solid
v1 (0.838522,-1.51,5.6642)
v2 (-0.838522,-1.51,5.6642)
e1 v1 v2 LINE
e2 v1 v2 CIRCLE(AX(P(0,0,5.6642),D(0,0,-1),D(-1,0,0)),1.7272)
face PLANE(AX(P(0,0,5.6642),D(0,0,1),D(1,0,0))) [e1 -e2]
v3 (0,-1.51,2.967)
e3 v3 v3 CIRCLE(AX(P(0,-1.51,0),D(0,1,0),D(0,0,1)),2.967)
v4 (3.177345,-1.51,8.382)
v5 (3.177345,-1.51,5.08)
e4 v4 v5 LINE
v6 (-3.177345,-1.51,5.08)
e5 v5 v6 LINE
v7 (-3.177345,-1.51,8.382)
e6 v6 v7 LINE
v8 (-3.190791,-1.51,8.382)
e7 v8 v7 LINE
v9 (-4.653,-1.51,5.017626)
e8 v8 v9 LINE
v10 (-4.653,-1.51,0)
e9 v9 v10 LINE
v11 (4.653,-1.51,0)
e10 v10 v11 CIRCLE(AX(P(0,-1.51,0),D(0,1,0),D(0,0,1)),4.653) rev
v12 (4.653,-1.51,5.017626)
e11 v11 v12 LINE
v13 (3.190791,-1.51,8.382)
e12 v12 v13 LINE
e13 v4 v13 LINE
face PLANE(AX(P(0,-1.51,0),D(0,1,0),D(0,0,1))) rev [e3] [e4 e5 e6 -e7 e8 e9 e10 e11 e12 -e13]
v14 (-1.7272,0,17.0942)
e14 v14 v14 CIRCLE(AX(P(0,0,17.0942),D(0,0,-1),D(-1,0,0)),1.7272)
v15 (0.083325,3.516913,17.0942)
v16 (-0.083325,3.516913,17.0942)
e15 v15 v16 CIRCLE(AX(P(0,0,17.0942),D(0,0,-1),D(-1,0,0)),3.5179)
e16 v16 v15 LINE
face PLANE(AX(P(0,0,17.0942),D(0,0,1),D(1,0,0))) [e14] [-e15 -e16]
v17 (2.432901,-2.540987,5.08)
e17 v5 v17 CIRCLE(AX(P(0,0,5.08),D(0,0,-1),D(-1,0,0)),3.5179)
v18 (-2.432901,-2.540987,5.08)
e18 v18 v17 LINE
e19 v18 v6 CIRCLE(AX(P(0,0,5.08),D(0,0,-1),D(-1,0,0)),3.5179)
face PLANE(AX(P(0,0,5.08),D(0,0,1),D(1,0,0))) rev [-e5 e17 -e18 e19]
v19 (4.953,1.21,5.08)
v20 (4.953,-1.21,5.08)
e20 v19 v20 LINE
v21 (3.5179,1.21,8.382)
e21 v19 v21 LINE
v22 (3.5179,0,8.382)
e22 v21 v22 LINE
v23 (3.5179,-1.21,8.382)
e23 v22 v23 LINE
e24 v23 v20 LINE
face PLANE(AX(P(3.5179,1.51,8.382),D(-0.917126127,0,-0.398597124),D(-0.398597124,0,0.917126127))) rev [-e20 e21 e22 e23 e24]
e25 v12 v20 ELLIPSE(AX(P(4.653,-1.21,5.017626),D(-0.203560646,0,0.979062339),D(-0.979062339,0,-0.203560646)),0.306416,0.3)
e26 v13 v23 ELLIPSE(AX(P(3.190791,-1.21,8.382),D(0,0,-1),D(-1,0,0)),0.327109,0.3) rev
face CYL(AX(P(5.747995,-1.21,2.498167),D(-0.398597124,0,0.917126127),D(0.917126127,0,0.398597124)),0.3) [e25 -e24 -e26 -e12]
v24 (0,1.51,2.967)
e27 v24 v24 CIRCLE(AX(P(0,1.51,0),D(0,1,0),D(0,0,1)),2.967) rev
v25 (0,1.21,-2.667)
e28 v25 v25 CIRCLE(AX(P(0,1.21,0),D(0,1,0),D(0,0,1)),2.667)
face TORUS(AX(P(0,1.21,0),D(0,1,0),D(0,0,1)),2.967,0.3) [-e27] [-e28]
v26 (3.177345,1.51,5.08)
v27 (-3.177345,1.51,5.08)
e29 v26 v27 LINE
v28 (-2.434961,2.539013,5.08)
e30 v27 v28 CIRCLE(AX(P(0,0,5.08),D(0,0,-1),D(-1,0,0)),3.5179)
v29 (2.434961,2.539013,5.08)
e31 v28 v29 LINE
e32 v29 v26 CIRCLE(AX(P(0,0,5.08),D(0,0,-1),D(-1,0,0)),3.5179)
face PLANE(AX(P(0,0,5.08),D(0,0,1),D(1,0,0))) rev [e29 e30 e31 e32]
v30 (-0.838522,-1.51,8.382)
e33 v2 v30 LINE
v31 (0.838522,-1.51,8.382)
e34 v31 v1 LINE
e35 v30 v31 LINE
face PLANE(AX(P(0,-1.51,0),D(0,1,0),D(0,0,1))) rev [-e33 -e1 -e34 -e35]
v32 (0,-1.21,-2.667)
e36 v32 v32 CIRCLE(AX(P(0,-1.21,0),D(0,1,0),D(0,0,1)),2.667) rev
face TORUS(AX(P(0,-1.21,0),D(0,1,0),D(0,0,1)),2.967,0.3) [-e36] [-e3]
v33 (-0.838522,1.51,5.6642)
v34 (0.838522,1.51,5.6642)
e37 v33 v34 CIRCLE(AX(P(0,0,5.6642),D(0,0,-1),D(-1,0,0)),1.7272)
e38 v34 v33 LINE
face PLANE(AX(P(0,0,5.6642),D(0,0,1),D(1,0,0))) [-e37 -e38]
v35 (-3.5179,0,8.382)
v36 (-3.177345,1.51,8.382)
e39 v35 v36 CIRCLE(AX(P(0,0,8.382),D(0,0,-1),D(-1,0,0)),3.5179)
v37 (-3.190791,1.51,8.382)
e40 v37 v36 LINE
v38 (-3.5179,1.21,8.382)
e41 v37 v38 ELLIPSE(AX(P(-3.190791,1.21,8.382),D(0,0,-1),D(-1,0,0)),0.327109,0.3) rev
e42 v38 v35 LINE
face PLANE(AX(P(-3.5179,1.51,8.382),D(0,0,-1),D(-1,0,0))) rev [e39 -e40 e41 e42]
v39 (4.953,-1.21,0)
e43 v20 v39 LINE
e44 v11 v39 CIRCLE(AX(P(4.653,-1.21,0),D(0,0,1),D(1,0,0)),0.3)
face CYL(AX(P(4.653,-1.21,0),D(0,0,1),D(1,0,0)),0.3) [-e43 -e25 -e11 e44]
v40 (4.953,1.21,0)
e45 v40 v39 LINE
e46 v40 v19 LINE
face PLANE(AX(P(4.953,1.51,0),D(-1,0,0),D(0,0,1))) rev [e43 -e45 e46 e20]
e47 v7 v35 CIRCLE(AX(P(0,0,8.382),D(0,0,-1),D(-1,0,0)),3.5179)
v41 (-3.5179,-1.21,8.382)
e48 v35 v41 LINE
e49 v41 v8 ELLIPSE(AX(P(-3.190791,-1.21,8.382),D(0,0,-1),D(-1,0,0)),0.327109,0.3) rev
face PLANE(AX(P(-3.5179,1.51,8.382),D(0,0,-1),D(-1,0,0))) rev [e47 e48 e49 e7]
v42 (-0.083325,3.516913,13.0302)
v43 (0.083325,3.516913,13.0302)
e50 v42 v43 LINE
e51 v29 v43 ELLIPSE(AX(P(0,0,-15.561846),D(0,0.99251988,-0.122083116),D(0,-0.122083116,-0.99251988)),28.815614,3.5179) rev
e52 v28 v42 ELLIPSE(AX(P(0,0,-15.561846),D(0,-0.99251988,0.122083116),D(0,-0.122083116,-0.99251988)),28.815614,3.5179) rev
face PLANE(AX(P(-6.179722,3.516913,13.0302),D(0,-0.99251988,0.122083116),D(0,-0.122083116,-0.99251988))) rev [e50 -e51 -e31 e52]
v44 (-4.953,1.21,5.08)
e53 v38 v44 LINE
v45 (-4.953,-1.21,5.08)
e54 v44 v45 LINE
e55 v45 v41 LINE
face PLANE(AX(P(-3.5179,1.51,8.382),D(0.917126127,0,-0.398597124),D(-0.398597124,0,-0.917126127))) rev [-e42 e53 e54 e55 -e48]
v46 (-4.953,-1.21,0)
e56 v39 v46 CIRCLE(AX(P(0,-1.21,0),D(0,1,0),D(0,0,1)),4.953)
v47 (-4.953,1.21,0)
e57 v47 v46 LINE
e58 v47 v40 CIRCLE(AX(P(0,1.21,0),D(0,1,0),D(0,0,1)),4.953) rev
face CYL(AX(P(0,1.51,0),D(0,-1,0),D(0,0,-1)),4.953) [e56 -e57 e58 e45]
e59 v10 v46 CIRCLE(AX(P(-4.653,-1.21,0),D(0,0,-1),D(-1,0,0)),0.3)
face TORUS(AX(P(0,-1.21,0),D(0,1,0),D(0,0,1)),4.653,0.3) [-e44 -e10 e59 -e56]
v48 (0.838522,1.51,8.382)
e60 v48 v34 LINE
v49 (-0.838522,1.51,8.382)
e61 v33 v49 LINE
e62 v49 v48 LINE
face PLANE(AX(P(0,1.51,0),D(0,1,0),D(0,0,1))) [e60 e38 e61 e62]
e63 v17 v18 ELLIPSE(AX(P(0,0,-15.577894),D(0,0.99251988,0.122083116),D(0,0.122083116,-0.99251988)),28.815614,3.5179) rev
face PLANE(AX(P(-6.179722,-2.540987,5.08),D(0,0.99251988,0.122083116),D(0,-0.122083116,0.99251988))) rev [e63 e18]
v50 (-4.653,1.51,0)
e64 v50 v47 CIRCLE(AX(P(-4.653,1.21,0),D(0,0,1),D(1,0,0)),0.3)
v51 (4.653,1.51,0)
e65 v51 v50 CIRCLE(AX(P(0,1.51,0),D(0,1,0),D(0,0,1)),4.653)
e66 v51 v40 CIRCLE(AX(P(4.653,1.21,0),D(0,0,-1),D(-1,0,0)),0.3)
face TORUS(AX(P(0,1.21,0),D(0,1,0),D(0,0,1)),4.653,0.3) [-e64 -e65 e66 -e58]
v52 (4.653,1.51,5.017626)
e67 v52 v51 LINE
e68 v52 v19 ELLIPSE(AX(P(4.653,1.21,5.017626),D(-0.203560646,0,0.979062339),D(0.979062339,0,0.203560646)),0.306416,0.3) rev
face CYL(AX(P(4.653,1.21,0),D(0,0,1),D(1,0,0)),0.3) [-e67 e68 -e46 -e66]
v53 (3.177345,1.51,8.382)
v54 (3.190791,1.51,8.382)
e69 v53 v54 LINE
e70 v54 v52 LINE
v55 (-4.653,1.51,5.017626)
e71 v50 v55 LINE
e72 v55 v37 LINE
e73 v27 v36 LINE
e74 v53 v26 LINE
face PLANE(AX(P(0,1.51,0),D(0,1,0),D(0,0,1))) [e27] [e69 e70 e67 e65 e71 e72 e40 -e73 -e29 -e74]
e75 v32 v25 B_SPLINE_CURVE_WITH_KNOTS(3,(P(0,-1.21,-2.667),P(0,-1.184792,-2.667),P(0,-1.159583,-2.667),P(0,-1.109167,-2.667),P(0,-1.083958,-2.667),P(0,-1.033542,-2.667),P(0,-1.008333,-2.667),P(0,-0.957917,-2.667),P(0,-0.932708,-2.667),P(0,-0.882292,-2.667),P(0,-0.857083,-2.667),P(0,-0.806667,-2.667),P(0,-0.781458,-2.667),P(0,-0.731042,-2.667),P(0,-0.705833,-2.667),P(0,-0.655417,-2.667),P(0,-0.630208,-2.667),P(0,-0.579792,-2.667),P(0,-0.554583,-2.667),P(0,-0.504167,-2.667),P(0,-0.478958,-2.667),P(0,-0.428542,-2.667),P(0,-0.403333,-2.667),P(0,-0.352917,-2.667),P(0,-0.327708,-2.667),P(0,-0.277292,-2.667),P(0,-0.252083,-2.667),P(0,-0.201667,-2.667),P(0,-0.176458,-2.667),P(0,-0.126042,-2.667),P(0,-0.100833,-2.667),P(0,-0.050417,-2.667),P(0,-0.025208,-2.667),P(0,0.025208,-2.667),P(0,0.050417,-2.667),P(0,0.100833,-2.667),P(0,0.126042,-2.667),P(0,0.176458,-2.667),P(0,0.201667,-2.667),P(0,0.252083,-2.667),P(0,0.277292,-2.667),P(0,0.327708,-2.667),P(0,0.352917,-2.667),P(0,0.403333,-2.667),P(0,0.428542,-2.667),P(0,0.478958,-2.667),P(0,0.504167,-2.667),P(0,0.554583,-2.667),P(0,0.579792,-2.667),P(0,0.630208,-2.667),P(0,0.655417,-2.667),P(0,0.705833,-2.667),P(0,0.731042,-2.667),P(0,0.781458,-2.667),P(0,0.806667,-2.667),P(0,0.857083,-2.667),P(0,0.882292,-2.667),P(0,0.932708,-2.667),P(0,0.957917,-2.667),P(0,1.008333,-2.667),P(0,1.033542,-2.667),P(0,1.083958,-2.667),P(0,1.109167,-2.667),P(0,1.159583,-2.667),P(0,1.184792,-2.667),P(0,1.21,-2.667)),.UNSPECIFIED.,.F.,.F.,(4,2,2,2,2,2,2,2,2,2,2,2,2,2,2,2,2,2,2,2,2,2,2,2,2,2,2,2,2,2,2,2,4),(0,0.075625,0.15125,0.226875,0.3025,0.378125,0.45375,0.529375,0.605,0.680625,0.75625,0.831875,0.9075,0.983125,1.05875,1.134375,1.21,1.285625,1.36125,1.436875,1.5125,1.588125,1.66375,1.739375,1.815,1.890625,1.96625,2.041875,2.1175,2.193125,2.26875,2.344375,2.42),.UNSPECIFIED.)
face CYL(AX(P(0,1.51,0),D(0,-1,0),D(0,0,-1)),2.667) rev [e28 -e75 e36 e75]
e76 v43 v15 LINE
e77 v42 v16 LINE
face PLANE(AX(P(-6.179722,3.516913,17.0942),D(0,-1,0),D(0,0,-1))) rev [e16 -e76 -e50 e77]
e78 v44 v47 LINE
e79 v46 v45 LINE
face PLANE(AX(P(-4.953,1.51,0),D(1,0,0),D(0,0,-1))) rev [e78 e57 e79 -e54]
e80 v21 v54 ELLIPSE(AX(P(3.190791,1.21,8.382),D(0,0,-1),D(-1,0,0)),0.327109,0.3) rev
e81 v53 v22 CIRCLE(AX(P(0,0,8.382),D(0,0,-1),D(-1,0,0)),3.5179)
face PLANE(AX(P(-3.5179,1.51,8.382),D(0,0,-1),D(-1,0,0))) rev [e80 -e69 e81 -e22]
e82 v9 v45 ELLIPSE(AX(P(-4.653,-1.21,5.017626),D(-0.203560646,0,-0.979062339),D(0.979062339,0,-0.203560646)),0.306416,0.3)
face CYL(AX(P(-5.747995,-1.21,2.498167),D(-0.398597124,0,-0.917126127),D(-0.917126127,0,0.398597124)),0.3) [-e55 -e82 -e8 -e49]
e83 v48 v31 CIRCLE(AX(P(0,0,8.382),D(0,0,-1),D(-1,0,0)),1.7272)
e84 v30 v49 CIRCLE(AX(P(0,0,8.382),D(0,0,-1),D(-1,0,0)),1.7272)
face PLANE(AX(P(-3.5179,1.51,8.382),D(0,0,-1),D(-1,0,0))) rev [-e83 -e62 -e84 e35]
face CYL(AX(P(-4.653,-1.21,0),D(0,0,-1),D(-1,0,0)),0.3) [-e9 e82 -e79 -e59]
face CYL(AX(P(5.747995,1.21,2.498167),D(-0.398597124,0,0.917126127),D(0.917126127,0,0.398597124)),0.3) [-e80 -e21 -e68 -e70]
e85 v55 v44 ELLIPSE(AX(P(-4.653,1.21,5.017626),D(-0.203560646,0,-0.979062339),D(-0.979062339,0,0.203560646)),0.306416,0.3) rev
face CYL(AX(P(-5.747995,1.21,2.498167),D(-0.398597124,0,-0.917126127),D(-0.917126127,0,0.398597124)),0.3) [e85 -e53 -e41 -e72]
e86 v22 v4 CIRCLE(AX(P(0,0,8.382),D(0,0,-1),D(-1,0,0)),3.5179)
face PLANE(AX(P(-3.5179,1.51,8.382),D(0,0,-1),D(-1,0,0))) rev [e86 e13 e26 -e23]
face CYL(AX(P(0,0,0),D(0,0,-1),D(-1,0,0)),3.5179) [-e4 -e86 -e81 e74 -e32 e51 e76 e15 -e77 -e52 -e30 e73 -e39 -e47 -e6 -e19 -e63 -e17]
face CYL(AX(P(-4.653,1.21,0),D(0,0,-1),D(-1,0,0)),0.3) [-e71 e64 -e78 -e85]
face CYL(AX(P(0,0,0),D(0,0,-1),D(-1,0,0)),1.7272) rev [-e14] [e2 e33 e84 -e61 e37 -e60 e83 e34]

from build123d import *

# Parameters (mm, degrees)
CUT_EXTRUDE1_START  = -2.434961
SKETCH2_OUTSIDE_W   = 17.134
SKETCH2_OUTSIDE_H   = 12.156
CUT_EXTRUDE1_DEPTH  = 4.869922
SKETCH7_R           = 2.667
BOSS_EXTRUDE2_DEPTH = 1.51
FILLET1_R           = 0.3
FILLET2_R           = 0.3
FILLET3_R           = 0.3
FILLET4_R           = 0.3


with BuildPart() as part:
    # Sketch1 → Revolve1 (revolve)
    with BuildSketch(Plane(origin=(0, 0, 0), x_dir=(1, 0, 0), z_dir=(0, 1, 0))):
        Polygon((-3.5179, -17.0942), (-1.7272, -17.0942), (-1.7272, -5.6642), (0, -5.6642), (0, -5.08), (-3.5179, -5.08), (-3.5179, -8.382), align=None)
    revolve(axis=Axis((0, 0, 0), (0, 0, 1)))

    # Sketch2 outside → Cut-Extrude1 (cut)
    with BuildSketch(Plane(origin=(0, 0, 0), x_dir=(0, 0, -1), z_dir=(1, 0, 0)).offset(CUT_EXTRUDE1_START)):
        with Locations((-11.087, 0)):
            Rectangle(SKETCH2_OUTSIDE_W, SKETCH2_OUTSIDE_H)
        Polygon((-17.0942, -3.51888695), (-17.0942, 3.51691305), (-13.0302, 3.51691305), (-5.08, 2.53901305), (-5.08, -2.54098695), (-13.0302, -3.51888695), align=None, mode=Mode.SUBTRACT)
    extrude(amount=CUT_EXTRUDE1_DEPTH, mode=Mode.SUBTRACT)

    # Sketch7 → Boss-Extrude2 (add, symmetric)
    with BuildSketch(Plane(origin=(0, 0, 0), x_dir=(1, 0, 0), z_dir=(0, 1, 0))):
        with BuildLine():
            Line((-4.953, 0), (-4.953, -5.08))
            Line((-4.953, -5.08), (-3.5179, -8.382))
            Line((-3.5179, -8.382), (3.5179, -8.382))
            Line((3.5179, -8.382), (4.953, -5.08))
            Line((4.953, -5.08), (4.953, 0))
            ThreePointArc((4.953, 0), (0, 4.953), (-4.953, 0))
        make_face()
        with Locations(Location((0, 0, 0), (0, 0, 90))):
            Circle(SKETCH7_R, mode=Mode.SUBTRACT)
    extrude(amount=BOSS_EXTRUDE2_DEPTH, both=True)

    # Fillet1
    fillet1_edges = [part.edges().sort_by_distance(p)[0] for p in [
        (0, -1.51, -4.953),
        (-4.953, -1.51, 2.54),
        (-4.23545, -1.51, 6.731),
        (4.23545, -1.51, 6.731),
        (4.953, -1.51, 2.54),
    ]]
    fillet(fillet1_edges, radius=FILLET1_R)

    # Fillet2
    fillet2_edges = [part.edges().sort_by_distance(p)[0] for p in [
        (4.23545, 1.51, 6.731),
        (4.953, 1.51, 2.54),
        (0, 1.51, -4.953),
        (-4.953, 1.51, 2.54),
        (-4.23545, 1.51, 6.731),
    ]]
    fillet(fillet2_edges, radius=FILLET2_R)

    # Fillet3
    fillet3_edges = [part.edges().sort_by_distance(p)[0] for p in [
        (0, 1.51, 2.667),
    ]]
    fillet(fillet3_edges, radius=FILLET3_R)

    # Fillet4
    fillet4_edges = [part.edges().sort_by_distance(p)[0] for p in [
        (0, -1.51, 2.667),
    ]]
    fillet(fillet4_edges, radius=FILLET4_R)


solid = part.part
